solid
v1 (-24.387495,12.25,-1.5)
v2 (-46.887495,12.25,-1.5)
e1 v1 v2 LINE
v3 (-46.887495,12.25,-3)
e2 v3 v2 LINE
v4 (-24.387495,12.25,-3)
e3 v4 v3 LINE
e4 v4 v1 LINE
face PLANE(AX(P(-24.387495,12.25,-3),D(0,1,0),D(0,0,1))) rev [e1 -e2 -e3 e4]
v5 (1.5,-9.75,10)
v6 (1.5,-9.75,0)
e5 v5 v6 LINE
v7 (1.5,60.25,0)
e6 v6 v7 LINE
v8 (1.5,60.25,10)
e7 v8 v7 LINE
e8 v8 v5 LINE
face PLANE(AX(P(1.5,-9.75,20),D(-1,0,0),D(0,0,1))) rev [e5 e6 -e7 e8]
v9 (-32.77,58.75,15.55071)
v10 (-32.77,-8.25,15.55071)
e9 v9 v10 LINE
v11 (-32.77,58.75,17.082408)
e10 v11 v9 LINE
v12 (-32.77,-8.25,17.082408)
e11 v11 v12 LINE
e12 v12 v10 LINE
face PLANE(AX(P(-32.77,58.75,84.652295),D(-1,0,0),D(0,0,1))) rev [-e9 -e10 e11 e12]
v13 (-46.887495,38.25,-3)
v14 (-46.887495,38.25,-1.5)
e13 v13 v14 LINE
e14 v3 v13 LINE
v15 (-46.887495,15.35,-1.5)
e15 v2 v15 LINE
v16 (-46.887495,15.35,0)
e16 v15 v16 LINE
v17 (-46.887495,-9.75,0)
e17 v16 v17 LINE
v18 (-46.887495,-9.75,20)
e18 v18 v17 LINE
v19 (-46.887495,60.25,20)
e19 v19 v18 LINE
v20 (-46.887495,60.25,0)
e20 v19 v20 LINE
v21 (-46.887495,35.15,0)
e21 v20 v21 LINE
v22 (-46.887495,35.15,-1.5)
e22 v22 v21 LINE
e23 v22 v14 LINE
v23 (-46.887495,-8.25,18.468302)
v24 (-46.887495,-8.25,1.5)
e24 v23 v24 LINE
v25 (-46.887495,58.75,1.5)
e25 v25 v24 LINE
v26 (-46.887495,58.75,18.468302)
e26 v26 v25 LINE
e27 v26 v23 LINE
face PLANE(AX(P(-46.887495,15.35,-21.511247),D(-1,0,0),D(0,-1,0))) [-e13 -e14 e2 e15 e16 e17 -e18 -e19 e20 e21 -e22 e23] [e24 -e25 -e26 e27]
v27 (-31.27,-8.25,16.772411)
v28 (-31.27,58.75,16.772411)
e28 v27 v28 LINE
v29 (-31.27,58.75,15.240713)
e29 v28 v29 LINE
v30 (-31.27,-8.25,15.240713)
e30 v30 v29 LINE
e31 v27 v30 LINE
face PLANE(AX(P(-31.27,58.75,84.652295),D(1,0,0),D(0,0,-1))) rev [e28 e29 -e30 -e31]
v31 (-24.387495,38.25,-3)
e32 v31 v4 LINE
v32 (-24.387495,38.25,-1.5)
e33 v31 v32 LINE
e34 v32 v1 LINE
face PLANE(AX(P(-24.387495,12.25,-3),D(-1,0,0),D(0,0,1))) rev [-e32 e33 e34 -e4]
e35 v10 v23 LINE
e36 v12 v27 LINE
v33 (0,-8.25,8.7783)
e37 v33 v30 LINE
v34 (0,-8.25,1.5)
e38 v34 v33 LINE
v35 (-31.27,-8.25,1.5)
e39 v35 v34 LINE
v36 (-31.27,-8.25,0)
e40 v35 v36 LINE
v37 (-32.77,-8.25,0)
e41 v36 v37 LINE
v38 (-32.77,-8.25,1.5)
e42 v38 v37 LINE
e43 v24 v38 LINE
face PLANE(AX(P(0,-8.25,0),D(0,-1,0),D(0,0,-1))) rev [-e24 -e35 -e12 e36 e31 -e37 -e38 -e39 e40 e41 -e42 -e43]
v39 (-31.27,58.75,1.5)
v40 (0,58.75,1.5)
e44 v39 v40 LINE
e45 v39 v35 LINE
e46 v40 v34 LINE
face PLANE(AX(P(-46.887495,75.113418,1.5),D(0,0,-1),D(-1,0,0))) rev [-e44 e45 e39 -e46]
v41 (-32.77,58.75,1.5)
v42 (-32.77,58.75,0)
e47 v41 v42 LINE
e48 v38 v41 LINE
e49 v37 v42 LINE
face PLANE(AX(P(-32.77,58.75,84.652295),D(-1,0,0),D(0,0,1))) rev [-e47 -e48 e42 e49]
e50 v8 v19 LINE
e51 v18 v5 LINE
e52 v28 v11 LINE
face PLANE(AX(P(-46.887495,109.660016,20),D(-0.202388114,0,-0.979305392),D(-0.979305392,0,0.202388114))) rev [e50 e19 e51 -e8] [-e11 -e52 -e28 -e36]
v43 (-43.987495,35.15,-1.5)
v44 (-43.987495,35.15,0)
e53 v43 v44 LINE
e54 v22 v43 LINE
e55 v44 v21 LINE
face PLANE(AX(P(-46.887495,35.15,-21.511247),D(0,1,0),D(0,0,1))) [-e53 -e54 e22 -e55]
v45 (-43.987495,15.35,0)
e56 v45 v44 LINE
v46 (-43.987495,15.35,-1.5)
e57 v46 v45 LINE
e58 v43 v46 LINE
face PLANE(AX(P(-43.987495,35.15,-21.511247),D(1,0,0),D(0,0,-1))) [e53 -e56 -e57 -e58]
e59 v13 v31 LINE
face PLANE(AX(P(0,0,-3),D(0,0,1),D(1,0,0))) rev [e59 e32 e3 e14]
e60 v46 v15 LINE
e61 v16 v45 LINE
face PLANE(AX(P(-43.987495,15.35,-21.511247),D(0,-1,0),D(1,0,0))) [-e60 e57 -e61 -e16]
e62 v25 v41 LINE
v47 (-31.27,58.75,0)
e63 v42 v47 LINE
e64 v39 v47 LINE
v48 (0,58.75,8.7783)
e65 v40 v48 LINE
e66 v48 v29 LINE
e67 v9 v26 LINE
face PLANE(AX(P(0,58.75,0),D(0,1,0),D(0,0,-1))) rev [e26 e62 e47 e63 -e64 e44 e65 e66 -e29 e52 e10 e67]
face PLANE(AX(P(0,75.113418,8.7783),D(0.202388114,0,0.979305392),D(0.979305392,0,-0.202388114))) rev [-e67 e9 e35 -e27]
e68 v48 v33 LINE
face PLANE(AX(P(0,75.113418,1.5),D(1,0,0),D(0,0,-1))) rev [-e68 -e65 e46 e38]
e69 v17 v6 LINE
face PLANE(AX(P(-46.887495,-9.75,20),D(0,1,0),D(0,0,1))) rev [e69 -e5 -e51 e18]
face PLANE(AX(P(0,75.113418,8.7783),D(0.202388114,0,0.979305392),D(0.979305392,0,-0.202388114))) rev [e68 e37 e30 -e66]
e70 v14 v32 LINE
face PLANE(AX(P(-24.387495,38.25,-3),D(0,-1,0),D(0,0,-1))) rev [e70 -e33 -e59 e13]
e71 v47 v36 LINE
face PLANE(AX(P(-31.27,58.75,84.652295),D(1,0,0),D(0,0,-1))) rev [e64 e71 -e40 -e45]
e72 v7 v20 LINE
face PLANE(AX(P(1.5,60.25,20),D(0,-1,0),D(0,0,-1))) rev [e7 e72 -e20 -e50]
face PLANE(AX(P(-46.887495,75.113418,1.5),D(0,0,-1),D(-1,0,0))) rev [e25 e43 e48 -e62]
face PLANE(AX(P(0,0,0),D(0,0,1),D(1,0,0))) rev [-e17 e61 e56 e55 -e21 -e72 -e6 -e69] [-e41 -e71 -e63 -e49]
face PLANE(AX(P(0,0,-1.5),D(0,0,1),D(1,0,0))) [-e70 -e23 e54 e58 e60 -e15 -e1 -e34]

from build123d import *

# Parameters (mm, degrees)
SKETCH1_W           = 2.9
SKETCH1_H           = 19.8
BOSS_EXTRUDE1_DEPTH = 1.5
SKETCH2_W           = 22.5
SKETCH2_H           = 26
BOSS_EXTRUDE3_DEPTH = 1.5
BOSS_EXTRUDE4_DEPTH = 20
CUT_EXTRUDE1_DEPTH  = 70
CUT_EXTRUDE2_START  = -35
CUT_EXTRUDE2_DEPTH  = 33.5
CUT_EXTRUDE3_REACH  = 80.921
SKETCH6_W           = 1.5
SKETCH6_H           = 67


with BuildPart() as part:
    # Sketch1 → Boss-Extrude1 (new body)
    with BuildSketch(Plane.XY):
        with Locations((-45.437495374, 25.25)):
            Rectangle(SKETCH1_W, SKETCH1_H)
    extrude(amount=-BOSS_EXTRUDE1_DEPTH)

    # Sketch2 → Boss-Extrude3 (add)
    with BuildSketch(Plane(origin=(0, 0, -1.5), x_dir=(-1, 0, 0), z_dir=(0, 0, -1))):
        with Locations((35.637495374, 25.25)):
            Rectangle(SKETCH2_W, SKETCH2_H)
    extrude(amount=BOSS_EXTRUDE3_DEPTH)

    # Sketch3 → Boss-Extrude4 (add)
    with BuildSketch(Plane.XY):
        Polygon((-46.887495374, 15.25), (-46.887495374, 35.25), (-46.887495374, 60.25), (1.5, 60.25), (1.5, -9.75), (-46.887495374, -9.75), align=None)
    extrude(amount=BOSS_EXTRUDE4_DEPTH)

    # Sketch4 → Cut-Extrude1 (cut)
    with BuildSketch(Plane.XZ.offset(9.75)):
        Polygon((-46.887495374, 20), (1.5, 10), (1.5, 20), align=None)
    extrude(amount=-CUT_EXTRUDE1_DEPTH, mode=Mode.SUBTRACT)

    # Sketch5 → Cut-Extrude2 (cut)
    with BuildSketch(Plane.XZ.offset(9.75).offset(CUT_EXTRUDE2_START)):
        Polygon((0, 1.5), (0, 8.778299559), (-46.887495374, 18.468302113), (-46.887495374, 1.5), align=None)
    cut_extrude2 = extrude(amount=CUT_EXTRUDE2_DEPTH, mode=Mode.SUBTRACT)

    # Mirror1: Cut-Extrude2 across plane
    add(cut_extrude2.mirror(Plane.ZX.offset(25.25)), mode=Mode.SUBTRACT)

    # Cut-Extrude3: up to this plane
    cut_extrude3_end = Plane(origin=(-46.887495374, 109.660016278, 20), z_dir=(-0.20238811385578315, 0, -0.9793053922908311))
    # Sketch6 → Cut-Extrude3 (cut, up to the surface)
    with BuildSketch(Plane(origin=(0, 0, 0), x_dir=(-1, 0, 0), z_dir=(0, 0, -1)), mode=Mode.PRIVATE) as cut_extrude3_sk1:
        with Locations((32.02, 25.25)):
            Rectangle(SKETCH6_W, SKETCH6_H)
    cut_extrude3_tool1 = split(extrude(cut_extrude3_sk1.sketch, amount=-CUT_EXTRUDE3_REACH, mode=Mode.PRIVATE), bisect_by=cut_extrude3_end, keep=Keep.BOTH, mode=Mode.PRIVATE)
    add(cut_extrude3_tool1.solids().sort_by_distance((-32.02, 25.25, 0))[0], mode=Mode.SUBTRACT)


solid = part.part
